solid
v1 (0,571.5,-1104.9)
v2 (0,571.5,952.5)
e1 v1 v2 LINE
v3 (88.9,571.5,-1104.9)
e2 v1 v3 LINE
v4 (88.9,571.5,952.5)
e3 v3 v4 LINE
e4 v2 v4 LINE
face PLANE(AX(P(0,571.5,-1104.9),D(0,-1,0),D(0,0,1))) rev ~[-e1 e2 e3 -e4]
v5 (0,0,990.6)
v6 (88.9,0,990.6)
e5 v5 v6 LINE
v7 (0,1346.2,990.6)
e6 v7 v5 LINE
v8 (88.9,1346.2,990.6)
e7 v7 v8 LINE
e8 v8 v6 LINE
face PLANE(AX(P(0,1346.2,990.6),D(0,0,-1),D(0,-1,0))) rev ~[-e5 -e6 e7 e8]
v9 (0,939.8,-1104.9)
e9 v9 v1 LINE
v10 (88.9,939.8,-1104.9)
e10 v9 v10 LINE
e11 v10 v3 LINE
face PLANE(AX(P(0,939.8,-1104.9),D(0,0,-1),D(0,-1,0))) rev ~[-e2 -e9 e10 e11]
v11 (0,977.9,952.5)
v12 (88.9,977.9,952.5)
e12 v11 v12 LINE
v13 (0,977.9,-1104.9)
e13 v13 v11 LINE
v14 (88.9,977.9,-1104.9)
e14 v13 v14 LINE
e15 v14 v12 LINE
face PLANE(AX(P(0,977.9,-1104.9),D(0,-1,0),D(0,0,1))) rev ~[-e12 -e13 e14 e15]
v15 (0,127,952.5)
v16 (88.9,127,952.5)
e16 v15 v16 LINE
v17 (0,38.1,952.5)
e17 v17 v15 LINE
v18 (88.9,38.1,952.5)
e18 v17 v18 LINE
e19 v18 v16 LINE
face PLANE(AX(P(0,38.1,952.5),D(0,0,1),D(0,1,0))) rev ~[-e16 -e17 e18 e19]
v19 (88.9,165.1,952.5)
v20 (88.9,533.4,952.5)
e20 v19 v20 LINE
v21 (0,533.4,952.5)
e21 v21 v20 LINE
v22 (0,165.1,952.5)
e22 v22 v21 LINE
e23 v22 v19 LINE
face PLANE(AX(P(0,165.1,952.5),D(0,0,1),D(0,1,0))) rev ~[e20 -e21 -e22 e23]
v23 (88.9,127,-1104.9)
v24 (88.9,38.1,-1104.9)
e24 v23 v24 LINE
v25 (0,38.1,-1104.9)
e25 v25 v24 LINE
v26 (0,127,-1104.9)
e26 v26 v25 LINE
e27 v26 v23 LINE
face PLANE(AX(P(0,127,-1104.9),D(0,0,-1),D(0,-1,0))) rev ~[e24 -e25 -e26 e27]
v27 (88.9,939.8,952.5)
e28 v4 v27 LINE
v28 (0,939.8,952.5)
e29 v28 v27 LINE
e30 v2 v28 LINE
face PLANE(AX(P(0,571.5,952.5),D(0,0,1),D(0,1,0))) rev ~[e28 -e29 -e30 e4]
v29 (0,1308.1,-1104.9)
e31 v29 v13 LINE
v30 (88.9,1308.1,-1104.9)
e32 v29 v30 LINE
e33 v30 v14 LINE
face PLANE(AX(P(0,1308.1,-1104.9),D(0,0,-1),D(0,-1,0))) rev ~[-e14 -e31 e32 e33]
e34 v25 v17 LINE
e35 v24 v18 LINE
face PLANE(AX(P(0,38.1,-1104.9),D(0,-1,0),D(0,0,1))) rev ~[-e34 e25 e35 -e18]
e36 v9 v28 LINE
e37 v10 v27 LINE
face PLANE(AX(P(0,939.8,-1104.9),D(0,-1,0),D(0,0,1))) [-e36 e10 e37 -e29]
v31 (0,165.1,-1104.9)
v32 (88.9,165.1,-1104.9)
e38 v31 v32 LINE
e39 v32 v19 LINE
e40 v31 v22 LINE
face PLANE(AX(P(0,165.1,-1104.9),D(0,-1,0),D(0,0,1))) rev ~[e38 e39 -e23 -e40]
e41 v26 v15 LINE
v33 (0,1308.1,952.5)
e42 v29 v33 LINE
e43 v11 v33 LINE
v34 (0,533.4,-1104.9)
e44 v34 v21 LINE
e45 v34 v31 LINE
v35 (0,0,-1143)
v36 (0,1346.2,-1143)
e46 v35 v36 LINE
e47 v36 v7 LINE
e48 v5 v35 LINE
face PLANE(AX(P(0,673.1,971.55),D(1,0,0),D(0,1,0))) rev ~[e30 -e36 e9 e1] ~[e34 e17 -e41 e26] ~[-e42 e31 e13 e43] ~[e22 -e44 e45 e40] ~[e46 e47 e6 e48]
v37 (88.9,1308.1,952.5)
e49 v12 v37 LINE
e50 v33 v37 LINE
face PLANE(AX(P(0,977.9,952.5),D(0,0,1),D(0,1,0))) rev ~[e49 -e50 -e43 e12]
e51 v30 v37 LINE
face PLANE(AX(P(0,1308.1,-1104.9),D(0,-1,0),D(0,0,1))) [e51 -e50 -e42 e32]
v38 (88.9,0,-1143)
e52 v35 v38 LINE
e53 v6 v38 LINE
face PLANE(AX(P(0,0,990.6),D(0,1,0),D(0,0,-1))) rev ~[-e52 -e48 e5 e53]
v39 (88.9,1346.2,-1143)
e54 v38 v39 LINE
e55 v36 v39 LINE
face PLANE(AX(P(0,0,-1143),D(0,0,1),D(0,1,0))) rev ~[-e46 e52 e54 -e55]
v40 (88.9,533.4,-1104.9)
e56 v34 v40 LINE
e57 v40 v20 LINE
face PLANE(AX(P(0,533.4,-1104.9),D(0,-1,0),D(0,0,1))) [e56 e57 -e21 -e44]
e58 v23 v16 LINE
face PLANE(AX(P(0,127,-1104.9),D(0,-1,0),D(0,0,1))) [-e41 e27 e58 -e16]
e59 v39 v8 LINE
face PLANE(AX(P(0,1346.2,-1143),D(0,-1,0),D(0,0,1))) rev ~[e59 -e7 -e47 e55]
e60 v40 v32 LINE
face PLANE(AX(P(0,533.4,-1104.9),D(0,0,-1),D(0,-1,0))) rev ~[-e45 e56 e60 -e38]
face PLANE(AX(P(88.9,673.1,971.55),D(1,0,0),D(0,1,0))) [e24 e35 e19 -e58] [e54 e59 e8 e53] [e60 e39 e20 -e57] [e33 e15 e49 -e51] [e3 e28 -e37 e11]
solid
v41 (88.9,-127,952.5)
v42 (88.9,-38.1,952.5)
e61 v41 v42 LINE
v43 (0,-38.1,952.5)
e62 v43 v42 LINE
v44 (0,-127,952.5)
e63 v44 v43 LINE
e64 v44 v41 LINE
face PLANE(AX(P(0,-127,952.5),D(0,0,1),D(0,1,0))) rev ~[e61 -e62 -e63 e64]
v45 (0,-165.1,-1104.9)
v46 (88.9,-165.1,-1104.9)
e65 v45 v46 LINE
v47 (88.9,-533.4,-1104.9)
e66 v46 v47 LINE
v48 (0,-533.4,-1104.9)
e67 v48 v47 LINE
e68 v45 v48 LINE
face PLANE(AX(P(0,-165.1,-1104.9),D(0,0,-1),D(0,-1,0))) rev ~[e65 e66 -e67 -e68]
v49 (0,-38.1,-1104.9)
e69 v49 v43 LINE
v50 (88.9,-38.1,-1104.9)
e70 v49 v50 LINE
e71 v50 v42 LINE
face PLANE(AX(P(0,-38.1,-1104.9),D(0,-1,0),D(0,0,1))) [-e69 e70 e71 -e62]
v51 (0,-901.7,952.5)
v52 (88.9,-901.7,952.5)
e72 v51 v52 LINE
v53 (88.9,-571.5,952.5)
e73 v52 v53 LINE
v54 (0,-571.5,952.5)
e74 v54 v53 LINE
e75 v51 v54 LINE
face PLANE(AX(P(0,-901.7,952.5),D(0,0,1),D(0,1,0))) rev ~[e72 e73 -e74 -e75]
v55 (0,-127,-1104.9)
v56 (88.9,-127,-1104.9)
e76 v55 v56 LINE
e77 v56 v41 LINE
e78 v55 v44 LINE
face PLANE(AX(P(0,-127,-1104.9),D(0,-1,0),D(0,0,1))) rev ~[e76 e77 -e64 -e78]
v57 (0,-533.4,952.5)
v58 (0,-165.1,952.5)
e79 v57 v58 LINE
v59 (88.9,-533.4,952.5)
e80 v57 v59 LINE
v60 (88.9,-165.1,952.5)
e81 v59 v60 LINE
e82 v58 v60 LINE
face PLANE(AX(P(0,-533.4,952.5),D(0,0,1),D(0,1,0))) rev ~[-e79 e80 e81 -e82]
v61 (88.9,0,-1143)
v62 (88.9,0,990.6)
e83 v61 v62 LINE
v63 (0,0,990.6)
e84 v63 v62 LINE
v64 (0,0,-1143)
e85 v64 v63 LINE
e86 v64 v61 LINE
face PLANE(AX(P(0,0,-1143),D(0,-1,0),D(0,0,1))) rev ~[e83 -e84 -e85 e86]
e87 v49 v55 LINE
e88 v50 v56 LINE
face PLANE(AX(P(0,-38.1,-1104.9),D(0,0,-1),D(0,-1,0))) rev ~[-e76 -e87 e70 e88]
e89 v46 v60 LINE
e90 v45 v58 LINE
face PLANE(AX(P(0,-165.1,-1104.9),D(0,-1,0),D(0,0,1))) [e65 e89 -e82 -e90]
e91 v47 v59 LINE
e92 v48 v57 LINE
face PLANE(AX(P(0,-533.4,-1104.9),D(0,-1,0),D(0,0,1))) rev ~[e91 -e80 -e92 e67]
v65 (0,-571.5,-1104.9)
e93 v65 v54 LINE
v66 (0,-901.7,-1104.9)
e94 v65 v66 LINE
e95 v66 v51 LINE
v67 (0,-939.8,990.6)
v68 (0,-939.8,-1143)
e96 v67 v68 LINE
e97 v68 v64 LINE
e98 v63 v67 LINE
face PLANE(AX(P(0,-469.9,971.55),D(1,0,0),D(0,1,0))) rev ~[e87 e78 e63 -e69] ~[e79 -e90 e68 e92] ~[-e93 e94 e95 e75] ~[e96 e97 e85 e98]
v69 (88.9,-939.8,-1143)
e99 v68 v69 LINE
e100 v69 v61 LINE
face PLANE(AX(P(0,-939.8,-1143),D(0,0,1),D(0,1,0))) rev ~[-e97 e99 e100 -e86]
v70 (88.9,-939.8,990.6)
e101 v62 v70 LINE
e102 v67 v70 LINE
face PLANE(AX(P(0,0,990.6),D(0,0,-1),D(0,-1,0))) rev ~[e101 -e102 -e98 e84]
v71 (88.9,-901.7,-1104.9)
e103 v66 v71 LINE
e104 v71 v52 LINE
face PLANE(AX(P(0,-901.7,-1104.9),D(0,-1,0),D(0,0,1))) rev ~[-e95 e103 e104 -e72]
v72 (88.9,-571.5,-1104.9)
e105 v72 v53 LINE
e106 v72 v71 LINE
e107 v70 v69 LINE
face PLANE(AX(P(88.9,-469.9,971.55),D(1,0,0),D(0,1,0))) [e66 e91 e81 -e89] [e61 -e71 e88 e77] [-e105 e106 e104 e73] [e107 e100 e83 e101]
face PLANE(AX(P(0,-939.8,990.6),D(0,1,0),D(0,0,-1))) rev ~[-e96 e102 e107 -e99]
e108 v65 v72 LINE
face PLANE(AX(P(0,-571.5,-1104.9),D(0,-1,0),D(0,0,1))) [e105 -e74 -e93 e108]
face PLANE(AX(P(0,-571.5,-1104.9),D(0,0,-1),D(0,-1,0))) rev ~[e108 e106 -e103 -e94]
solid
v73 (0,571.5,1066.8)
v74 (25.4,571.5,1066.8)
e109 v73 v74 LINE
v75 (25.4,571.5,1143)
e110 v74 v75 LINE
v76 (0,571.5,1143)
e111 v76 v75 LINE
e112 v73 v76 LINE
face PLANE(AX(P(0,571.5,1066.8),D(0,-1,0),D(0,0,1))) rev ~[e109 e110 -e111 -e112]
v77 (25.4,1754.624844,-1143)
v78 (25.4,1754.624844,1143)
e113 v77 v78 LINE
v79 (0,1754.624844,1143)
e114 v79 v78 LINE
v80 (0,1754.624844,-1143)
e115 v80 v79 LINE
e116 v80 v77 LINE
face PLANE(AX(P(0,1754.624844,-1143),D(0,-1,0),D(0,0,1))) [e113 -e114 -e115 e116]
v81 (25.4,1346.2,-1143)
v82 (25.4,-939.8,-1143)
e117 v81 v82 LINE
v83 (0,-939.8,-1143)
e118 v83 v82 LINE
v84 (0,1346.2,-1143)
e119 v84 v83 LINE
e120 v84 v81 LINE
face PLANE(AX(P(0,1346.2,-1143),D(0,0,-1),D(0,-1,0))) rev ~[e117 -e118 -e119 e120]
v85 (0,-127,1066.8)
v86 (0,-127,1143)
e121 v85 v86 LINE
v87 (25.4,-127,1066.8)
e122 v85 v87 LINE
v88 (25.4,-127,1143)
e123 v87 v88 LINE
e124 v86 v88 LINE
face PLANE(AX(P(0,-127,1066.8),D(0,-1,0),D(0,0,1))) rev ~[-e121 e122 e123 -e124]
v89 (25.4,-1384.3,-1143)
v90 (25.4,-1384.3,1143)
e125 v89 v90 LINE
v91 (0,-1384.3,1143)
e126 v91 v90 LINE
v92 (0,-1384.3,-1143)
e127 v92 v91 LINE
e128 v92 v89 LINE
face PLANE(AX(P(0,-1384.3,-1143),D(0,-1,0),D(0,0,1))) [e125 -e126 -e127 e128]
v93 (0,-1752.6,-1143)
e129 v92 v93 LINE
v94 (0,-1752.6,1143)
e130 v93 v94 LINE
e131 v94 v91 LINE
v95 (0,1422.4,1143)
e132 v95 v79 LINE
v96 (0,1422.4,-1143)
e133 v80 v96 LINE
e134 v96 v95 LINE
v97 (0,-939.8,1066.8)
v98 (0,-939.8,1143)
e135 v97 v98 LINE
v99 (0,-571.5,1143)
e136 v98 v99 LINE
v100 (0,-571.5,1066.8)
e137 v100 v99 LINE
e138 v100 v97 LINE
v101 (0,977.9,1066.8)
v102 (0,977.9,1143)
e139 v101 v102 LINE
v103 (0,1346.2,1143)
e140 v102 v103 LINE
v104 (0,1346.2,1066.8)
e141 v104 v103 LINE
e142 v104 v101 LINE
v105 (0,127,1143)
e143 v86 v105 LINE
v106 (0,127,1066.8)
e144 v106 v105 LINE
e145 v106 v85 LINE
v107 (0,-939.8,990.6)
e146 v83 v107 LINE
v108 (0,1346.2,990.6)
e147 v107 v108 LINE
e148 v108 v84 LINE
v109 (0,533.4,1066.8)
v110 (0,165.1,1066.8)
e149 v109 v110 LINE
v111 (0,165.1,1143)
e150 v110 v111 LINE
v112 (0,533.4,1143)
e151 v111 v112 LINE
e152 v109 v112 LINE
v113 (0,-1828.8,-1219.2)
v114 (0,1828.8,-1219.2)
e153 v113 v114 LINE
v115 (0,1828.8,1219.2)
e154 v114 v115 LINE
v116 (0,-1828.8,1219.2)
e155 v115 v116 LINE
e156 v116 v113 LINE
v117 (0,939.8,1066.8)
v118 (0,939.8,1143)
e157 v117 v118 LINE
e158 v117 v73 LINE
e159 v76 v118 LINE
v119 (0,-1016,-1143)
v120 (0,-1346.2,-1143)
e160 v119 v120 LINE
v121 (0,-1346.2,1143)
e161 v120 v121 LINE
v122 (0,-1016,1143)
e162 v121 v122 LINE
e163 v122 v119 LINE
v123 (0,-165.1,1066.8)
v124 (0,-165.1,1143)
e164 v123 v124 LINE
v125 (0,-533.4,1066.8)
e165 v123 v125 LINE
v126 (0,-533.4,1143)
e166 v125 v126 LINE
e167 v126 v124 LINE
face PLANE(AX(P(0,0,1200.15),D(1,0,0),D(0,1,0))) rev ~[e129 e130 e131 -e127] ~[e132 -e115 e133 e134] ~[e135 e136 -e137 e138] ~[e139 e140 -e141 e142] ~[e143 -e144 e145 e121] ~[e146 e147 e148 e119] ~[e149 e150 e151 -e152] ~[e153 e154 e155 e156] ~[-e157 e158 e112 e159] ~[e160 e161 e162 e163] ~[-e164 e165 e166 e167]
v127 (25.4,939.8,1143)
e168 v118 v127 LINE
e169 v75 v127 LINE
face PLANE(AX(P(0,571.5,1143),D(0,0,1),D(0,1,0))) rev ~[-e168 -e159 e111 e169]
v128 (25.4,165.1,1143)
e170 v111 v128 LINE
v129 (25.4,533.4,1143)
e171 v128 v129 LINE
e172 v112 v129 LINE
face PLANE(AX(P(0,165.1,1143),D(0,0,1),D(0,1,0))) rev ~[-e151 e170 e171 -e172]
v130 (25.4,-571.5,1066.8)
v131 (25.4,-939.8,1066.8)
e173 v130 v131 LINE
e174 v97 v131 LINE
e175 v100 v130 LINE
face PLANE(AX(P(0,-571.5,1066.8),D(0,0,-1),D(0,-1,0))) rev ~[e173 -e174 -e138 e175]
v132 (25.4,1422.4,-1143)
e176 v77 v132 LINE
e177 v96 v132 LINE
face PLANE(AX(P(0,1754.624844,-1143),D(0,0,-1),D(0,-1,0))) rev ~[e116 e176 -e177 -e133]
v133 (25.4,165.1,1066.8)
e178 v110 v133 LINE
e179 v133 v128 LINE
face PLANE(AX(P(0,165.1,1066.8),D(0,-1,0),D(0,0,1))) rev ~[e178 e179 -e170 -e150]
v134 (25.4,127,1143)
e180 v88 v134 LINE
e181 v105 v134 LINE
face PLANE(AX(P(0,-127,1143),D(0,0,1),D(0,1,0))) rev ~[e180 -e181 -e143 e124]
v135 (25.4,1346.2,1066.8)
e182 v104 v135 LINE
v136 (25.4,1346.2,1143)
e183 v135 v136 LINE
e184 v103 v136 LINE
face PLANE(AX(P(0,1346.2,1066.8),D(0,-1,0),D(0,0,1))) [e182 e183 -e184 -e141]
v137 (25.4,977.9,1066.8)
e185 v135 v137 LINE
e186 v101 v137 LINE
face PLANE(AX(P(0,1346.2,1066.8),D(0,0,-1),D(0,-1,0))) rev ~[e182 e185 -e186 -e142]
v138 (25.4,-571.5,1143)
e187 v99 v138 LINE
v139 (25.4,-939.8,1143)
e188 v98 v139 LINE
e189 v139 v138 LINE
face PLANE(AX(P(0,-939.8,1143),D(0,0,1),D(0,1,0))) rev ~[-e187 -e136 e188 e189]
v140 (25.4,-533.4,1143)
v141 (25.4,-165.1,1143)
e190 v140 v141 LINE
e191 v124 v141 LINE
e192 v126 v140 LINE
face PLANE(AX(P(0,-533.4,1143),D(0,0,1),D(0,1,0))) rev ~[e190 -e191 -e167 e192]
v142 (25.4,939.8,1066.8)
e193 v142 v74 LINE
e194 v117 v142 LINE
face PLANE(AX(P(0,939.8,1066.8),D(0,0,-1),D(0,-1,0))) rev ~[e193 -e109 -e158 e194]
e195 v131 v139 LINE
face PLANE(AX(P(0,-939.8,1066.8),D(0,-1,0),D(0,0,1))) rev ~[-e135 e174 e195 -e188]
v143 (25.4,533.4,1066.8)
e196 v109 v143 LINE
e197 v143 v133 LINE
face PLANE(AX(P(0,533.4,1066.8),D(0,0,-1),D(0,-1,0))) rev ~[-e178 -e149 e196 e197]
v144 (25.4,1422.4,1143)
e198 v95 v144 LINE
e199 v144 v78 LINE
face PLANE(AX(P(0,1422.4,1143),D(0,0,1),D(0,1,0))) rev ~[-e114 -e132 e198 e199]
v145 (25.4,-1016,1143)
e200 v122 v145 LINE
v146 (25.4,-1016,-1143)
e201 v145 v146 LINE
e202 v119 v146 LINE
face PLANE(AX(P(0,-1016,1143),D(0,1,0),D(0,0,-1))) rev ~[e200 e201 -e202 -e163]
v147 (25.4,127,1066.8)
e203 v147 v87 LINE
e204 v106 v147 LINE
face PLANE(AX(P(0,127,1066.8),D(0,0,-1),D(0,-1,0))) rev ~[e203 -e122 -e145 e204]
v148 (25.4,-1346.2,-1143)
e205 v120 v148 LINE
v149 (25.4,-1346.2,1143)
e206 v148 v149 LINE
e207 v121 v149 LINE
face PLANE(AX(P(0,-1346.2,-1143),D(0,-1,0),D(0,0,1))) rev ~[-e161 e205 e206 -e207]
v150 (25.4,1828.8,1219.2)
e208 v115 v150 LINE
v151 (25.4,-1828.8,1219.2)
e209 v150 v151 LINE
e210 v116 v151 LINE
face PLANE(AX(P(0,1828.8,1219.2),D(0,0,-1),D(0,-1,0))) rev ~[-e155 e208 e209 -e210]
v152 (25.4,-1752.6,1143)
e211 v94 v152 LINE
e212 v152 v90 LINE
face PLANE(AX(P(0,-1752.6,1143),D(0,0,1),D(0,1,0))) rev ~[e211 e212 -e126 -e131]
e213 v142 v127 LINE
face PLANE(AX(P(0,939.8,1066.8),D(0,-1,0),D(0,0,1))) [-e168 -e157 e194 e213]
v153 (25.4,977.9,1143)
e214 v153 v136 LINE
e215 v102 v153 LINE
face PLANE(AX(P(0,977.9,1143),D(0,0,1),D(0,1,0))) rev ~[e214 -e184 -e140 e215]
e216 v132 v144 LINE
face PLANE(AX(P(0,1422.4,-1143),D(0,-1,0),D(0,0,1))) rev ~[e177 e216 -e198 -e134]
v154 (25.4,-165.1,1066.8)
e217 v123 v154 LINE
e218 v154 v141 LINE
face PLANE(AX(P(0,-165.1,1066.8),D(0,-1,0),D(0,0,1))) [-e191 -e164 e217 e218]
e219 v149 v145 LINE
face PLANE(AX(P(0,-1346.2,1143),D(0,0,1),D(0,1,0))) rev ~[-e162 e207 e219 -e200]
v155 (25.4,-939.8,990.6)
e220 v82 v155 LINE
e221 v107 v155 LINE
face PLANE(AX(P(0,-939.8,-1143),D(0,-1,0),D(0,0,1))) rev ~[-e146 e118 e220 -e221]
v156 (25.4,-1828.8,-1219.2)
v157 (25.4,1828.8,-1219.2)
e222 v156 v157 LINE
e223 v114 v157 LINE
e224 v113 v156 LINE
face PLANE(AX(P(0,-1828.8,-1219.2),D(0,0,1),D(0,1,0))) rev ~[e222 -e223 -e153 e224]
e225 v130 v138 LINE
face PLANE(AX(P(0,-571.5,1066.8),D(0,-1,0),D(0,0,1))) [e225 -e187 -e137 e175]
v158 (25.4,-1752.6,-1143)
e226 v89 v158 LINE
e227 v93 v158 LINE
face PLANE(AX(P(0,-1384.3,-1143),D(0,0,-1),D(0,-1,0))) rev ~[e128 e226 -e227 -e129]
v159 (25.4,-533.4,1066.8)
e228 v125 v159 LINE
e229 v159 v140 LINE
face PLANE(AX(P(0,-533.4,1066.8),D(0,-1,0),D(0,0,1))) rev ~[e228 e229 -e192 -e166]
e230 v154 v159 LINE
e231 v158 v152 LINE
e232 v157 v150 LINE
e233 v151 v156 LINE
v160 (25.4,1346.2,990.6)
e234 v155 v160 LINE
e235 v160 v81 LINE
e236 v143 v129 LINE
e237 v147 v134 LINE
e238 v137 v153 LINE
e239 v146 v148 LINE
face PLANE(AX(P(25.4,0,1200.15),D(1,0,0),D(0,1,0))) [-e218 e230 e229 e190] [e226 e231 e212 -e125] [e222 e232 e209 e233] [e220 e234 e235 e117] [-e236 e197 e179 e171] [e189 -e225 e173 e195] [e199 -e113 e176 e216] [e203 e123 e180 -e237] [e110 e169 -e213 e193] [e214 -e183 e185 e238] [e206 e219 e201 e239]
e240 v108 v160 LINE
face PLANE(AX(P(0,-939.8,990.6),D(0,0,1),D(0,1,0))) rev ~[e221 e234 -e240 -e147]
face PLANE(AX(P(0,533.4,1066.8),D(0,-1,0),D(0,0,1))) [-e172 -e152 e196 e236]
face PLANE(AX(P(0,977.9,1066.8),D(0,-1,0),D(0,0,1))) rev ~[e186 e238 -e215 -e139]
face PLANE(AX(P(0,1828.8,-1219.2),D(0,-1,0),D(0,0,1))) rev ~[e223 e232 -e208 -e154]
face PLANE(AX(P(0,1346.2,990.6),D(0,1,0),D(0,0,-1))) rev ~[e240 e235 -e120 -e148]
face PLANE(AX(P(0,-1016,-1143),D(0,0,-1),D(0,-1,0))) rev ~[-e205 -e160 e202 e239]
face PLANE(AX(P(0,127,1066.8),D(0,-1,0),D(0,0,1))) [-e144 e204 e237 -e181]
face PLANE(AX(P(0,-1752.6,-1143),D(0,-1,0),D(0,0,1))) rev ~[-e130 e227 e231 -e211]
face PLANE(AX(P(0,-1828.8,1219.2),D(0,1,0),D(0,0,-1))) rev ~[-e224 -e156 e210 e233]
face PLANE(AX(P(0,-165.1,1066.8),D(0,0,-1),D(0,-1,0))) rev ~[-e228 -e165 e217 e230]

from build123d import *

# Parameters (mm, degrees)
F0_W     = 38.1
F0_H     = 2057.4
F1_DEPTH = 88.9
F2_DEPTH = 88.9
F0_W_2   = 36.075156
F0_H_2   = 2286
F0_H_3   = 2133.6
F0_H_4   = 76.2
F3_DEPTH = 25.4


with BuildPart() as f1:
    # F0 (on Right) → F1 (new body)
    with BuildSketch(Plane.YZ):
        Polygon((1346.2, 952.5), (1346.2, 990.6), (0, 990.6), (0, 952.5), (38.1, 952.5), (127, 952.5), (165.1, 952.5), (533.4, 952.5), (571.5, 952.5), (939.8, 952.5), (977.9, 952.5), (1308.1, 952.5), align=None)
        with Locations((19.05, -76.2)):
            Rectangle(F0_W, F0_H)
        with Locations((146.05, -76.2)):
            Rectangle(F0_W, F0_H)
        Polygon((977.9, -1143), (1346.2, -1143), (1346.2, -1104.9), (1308.1, -1104.9), (977.9, -1104.9), (939.8, -1104.9), (571.5, -1104.9), (533.4, -1104.9), (165.1, -1104.9), (127, -1104.9), (38.1, -1104.9), (0, -1104.9), (0, -1143), (38.1, -1143), (127, -1143), (165.1, -1143), (533.4, -1143), (571.5, -1143), (939.8, -1143), align=None)
        with Locations((552.45, -76.2)):
            Rectangle(F0_W, F0_H)
        with Locations((958.85, -76.2)):
            Rectangle(F0_W, F0_H)
        with Locations((1327.15, -76.2)):
            Rectangle(F0_W, F0_H)
    extrude(amount=F1_DEPTH)


with BuildPart() as f2:
    # F0 (on Right) → F2 (new body)
    with BuildSketch(Plane.YZ):
        Polygon((0, 990.6), (-939.8, 990.6), (-939.8, 952.5), (-901.7, 952.5), (-571.5, 952.5), (-533.4, 952.5), (-165.1, 952.5), (-127, 952.5), (-38.1, 952.5), (0, 952.5), align=None)
        with Locations((-19.05, -76.2)):
            Rectangle(F0_W, F0_H)
        with Locations((-146.05, -76.2)):
            Rectangle(F0_W, F0_H)
        with Locations((-552.45, -76.2)):
            Rectangle(F0_W, F0_H)
        with Locations((-920.75, -76.2)):
            Rectangle(F0_W, F0_H)
        Polygon((-939.8, -1104.9), (-939.8, -1143), (-571.5, -1143), (-533.4, -1143), (-165.1, -1143), (-127, -1143), (-38.1, -1143), (0, -1143), (0, -1104.9), (-38.1, -1104.9), (-127, -1104.9), (-165.1, -1104.9), (-533.4, -1104.9), (-571.5, -1104.9), (-901.7, -1104.9), align=None)
    extrude(amount=F2_DEPTH)


with BuildPart() as f3:
    # F0 (on Right) → F3 (new body)
    with BuildSketch(Plane.YZ):
        Polygon((-1828.8, 1219.2), (-1828.8, 1181.1), (0, 1181.1), (1828.8, 1181.1), (1828.8, 1219.2), align=None)
        Polygon((-1828.8, 1181.1), (-1828.8, 1143), (-1790.7, 1143), (-1752.6, 1143), (-1384.3, 1143), (-1346.2, 1143), (-1016, 1143), (-977.9, 1143), (-939.8, 1143), (-571.5, 1143), (-533.4, 1143), (-165.1, 1143), (-127, 1143), (-38.1, 1143), (0, 1143), (38.1, 1143), (127, 1143), (165.1, 1143), (533.4, 1143), (571.5, 1143), (939.8, 1143), (977.9, 1143), (1346.2, 1143), (1384.3, 1143), (1422.4, 1143), (1754.624844, 1143), (1792.724844, 1143), (1828.8, 1143), (1828.8, 1181.1), (0, 1181.1), align=None)
        Polygon((1422.4, 1028.7), (1422.4, 1066.8), (1384.3, 1066.8), (1346.2, 1066.8), (977.9, 1066.8), (939.8, 1066.8), (571.5, 1066.8), (533.4, 1066.8), (165.1, 1066.8), (127, 1066.8), (-127, 1066.8), (-165.1, 1066.8), (-533.4, 1066.8), (-571.5, 1066.8), (-939.8, 1066.8), (-977.9, 1066.8), (-1016, 1066.8), (-1016, 1028.7), (-939.8, 1028.7), (1346.2, 1028.7), align=None)
        Polygon((1384.3, 990.6), (1422.4, 990.6), (1422.4, 1028.7), (1346.2, 1028.7), (-939.8, 1028.7), (-1016, 1028.7), (-1016, 990.6), (-977.9, 990.6), (-939.8, 990.6), (0, 990.6), (1346.2, 990.6), align=None)
        Polygon((-1828.8, -1143), (-1828.8, -1181.1), (0, -1181.1), (1828.8, -1181.1), (1828.8, -1143), (1792.724844, -1143), (1754.624844, -1143), (1422.4, -1143), (1384.3, -1143), (1346.2, -1143), (977.9, -1143), (939.8, -1143), (571.5, -1143), (533.4, -1143), (165.1, -1143), (127, -1143), (38.1, -1143), (0, -1143), (-38.1, -1143), (-127, -1143), (-165.1, -1143), (-533.4, -1143), (-571.5, -1143), (-939.8, -1143), (-977.9, -1143), (-1016, -1143), (-1346.2, -1143), (-1384.3, -1143), (-1752.6, -1143), (-1790.7, -1143), align=None)
        Polygon((-1828.8, -1181.1), (-1828.8, -1219.2), (0, -1219.2), (1828.8, -1219.2), (1828.8, -1181.1), (0, -1181.1), align=None)
        with Locations((1810.762422, 0)):
            Rectangle(F0_W_2, F0_H_2)
        with Locations((1773.674844, 0)):
            Rectangle(F0_W, F0_H_2)
        with Locations((1403.35, -76.2)):
            Rectangle(F0_W, F0_H_3)
        Polygon((1346.2, -1143), (1384.3, -1143), (1384.3, 990.6), (1346.2, 990.6), (1346.2, 952.5), (1346.2, -1104.9), align=None)
        Polygon((-977.9, 990.6), (-977.9, -1143), (-939.8, -1143), (-939.8, -1104.9), (-939.8, 952.5), (-939.8, 990.6), align=None)
        with Locations((-996.95, -76.2)):
            Rectangle(F0_W, F0_H_3)
        with Locations((-1365.25, 0)):
            Rectangle(F0_W, F0_H_2)
        with Locations((-1771.65, 0)):
            Rectangle(F0_W, F0_H_2)
        with Locations((-1809.75, 0)):
            Rectangle(F0_W, F0_H_2)
        with Locations((-996.95, 1104.9)):
            Rectangle(F0_W, F0_H_4)
        with Locations((-958.85, 1104.9)):
            Rectangle(F0_W, F0_H_4)
        with Locations((-552.45, 1104.9)):
            Rectangle(F0_W, F0_H_4)
        with Locations((-146.05, 1104.9)):
            Rectangle(F0_W, F0_H_4)
        with Locations((146.05, 1104.9)):
            Rectangle(F0_W, F0_H_4)
        with Locations((552.45, 1104.9)):
            Rectangle(F0_W, F0_H_4)
        with Locations((958.85, 1104.9)):
            Rectangle(F0_W, F0_H_4)
        with Locations((1365.25, 1104.9)):
            Rectangle(F0_W, F0_H_4)
        with Locations((1403.35, 1104.9)):
            Rectangle(F0_W, F0_H_4)
    extrude(amount=F3_DEPTH)


solid = Compound([f1.part, f2.part, f3.part])
